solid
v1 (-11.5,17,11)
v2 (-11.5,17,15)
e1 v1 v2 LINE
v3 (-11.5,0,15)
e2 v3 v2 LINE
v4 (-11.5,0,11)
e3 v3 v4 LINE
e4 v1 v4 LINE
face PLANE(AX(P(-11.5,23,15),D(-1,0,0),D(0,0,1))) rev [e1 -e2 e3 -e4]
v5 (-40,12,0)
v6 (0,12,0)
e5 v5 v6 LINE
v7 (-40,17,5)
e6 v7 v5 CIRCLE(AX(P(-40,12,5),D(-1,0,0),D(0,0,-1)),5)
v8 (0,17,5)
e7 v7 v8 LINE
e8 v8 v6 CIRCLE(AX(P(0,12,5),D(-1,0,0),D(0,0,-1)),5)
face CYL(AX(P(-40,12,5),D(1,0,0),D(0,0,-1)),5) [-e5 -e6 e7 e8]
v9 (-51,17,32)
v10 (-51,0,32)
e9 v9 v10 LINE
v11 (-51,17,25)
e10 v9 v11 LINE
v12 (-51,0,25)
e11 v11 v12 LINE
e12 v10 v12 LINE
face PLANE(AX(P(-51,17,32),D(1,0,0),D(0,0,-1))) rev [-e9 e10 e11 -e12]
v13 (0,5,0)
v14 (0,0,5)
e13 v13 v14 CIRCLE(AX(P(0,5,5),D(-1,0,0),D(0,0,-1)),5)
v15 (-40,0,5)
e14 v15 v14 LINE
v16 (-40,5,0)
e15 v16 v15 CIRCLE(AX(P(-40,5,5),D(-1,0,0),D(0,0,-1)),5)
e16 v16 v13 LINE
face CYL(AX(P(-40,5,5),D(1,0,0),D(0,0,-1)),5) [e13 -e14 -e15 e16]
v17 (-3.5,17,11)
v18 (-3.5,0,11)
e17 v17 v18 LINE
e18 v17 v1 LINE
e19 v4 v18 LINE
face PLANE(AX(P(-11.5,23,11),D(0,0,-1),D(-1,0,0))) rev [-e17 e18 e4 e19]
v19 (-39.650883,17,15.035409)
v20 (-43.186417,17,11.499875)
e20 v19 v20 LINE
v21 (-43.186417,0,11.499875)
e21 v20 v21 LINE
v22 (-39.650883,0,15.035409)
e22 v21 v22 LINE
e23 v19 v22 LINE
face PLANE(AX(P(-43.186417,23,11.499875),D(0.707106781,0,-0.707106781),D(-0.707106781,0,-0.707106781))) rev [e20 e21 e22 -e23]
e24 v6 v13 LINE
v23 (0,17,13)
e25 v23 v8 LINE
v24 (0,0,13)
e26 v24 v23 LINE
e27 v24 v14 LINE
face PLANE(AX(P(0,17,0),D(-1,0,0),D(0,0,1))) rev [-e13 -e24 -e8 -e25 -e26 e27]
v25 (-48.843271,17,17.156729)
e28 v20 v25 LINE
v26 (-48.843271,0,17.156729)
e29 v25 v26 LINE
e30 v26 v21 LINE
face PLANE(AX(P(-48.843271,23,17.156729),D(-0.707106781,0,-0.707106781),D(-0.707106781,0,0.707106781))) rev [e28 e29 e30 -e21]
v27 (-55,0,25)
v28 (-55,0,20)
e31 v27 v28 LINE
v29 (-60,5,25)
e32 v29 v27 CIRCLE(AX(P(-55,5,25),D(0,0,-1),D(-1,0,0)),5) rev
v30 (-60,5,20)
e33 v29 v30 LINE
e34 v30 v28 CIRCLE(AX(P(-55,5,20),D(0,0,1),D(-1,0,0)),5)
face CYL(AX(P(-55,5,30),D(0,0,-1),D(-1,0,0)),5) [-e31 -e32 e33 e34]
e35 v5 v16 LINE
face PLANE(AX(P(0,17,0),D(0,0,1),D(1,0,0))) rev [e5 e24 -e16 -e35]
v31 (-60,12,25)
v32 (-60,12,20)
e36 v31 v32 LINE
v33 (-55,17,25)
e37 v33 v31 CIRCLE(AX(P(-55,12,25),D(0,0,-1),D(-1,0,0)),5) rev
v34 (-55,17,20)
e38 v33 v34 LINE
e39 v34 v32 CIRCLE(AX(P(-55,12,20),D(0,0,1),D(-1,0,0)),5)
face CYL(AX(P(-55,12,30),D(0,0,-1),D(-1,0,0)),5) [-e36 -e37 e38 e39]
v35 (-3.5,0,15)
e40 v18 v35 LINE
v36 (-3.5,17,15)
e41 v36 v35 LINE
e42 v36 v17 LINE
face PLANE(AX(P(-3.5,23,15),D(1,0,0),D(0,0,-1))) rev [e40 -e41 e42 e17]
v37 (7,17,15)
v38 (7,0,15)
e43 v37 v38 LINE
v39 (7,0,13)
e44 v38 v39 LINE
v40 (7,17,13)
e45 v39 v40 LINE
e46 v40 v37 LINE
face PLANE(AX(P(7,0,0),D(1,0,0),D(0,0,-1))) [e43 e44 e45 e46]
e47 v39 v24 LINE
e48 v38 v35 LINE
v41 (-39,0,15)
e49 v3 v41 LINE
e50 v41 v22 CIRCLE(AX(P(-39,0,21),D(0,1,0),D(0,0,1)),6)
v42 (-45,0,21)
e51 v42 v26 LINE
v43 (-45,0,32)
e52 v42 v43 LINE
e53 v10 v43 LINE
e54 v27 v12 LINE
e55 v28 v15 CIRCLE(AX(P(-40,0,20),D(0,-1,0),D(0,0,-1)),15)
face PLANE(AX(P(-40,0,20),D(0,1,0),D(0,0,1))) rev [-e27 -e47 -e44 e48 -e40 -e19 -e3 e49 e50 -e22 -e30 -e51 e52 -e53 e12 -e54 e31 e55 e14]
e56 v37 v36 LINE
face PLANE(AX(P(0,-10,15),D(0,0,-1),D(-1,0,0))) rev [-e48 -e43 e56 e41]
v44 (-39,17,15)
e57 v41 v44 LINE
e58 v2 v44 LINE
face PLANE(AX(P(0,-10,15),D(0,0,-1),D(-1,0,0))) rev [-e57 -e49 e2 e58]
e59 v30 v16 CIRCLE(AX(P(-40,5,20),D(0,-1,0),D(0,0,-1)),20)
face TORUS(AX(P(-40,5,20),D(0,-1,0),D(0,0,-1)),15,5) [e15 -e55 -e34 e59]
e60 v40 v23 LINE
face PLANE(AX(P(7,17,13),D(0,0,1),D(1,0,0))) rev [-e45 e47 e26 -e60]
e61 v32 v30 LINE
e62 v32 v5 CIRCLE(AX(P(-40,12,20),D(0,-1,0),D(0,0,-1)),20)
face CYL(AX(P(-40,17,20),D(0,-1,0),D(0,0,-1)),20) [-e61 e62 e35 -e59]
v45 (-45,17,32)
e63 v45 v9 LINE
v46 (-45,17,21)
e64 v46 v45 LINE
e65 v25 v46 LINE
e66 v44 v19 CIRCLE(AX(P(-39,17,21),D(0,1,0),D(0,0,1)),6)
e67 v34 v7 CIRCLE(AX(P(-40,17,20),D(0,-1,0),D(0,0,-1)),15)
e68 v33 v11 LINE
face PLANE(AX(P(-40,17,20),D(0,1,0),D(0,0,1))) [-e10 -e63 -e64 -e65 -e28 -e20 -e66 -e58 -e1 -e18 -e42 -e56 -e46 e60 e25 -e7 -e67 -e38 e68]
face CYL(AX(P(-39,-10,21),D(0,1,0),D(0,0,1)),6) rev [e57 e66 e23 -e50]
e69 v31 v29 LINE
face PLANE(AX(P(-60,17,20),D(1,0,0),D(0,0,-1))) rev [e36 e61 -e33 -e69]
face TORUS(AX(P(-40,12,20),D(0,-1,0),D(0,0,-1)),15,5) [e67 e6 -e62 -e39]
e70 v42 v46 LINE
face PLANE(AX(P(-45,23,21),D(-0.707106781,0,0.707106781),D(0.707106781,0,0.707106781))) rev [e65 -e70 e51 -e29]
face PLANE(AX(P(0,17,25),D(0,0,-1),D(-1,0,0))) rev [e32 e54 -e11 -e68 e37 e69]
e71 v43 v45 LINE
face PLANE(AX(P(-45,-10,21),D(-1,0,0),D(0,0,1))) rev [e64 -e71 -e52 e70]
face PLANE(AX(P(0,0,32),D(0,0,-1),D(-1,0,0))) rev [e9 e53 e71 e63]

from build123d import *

# Parameters (mm, degrees)
SALIENTE_EXTRUIR1_DEPTH  = 17
CORTAR_EXTRUIR3_DEPTH    = 40
CORTAR_REVOLUCI_N1_ANGLE = 90
CORTAR_EXTRUIR4_DEPTH    = 10
CORTAR_EXTRUIR5_DEPTH    = 27
CROQUIS15_W              = 6
CROQUIS15_H              = 17
SALIENTE_EXTRUIR2_DEPTH  = 7
CROQUIS16_W              = 2
CROQUIS16_H              = 17
SALIENTE_EXTRUIR3_DEPTH  = 7
CORTAR_EXTRUIR6_START    = -23
CROQUIS17_W              = 8
CROQUIS17_H              = 4
CORTAR_EXTRUIR6_DEPTH    = 23


with BuildPart() as part:
    # Croquis1 → Saliente-Extruir1 (new body)
    with BuildSketch(Plane(origin=(0, 0, 0), x_dir=(1, 0, 0), z_dir=(0, 1, 0))):
        with BuildLine():
            Line((0, 0), (-40, 0))
            ThreePointArc((-40, 0), (-54.142135624, -5.857864376), (-60, -20))
            Line((-60, -20), (-60, -25))
            Line((-60, -25), (0, -25))
            Line((0, -25), (0, 0))
        make_face()
    extrude(amount=SALIENTE_EXTRUIR1_DEPTH)

    # Croquis8 → Cortar-Extruir3 (cut)
    with BuildSketch(Plane(origin=(0, 0, 0), x_dir=(0, 0, -1), z_dir=(1, 0, 0))):
        with BuildLine():
            Line((-5, 0), (0, 0))
            Line((0, 0), (0, 5))
            ThreePointArc((0, 5), (-1.464466094, 1.464466094), (-5, 0))
        make_face()
        with BuildLine():
            Line((0, 12), (0, 17))
            Line((0, 17), (-5, 17))
            ThreePointArc((-5, 17), (-1.464466094, 15.535533906), (0, 12))
        make_face()
    extrude(amount=-CORTAR_EXTRUIR3_DEPTH, mode=Mode.SUBTRACT)

    # Croquis13 → Cortar-Revolución1 (revolve, cut)
    with BuildSketch(Plane(origin=(-40, 0, 0), x_dir=(0, 0, -1), z_dir=(1, 0, 0))):
        with BuildLine():
            Line((-5, 17), (0, 17))
            Line((0, 17), (0, 12))
            ThreePointArc((0, 12), (-1.464466094, 15.535533906), (-5, 17))
        make_face()
        with BuildLine():
            Line((0, 5), (0, 0))
            Line((0, 0), (-5, 0))
            ThreePointArc((-5, 0), (-1.464466094, 1.464466094), (0, 5))
        make_face()
    revolve(axis=Axis((-40, 22.120784126, 20), (0, 1, 0)), revolution_arc=CORTAR_REVOLUCI_N1_ANGLE, mode=Mode.SUBTRACT)

    # Croquis14 → Cortar-Extruir4 (cut)
    with BuildSketch(Plane(origin=(0, 0, 20), x_dir=(-1, 0, 0), z_dir=(0, 0, -1))):
        with BuildLine():
            Line((55, 17), (60, 17))
            Line((60, 17), (60, 12))
            ThreePointArc((60, 12), (58.535533906, 15.535533906), (55, 17))
        make_face()
        with BuildLine():
            Line((60, 5), (60, 0))
            Line((60, 0), (55, 0))
            ThreePointArc((55, 0), (58.535533906, 1.464466094), (60, 5))
        make_face()
    extrude(amount=-CORTAR_EXTRUIR4_DEPTH, mode=Mode.SUBTRACT)

    # Croquis12 → Cortar-Extruir5 (cut)
    with BuildSketch(Plane(origin=(0, 17, 0), x_dir=(1, 0, 0), z_dir=(0, 1, 0))):
        with BuildLine():
            Line((0, -15), (-39, -15))
            ThreePointArc((-39, -15), (-43.242640687, -16.757359313), (-45, -21))
            Line((-45, -21), (-45, -25))
            Line((-45, -25), (0, -25))
            Line((0, -25), (0, -15))
        make_face()
    extrude(amount=-CORTAR_EXTRUIR5_DEPTH, mode=Mode.SUBTRACT)

    # Croquis15 → Saliente-Extruir2 (add)
    with BuildSketch(Plane.XY.offset(25)):
        with Locations((-48, 8.5)):
            Rectangle(CROQUIS15_W, CROQUIS15_H)
    extrude(amount=SALIENTE_EXTRUIR2_DEPTH)

    # Croquis16 → Saliente-Extruir3 (add)
    with BuildSketch(Plane(origin=(0, 0, 0), x_dir=(0, 0, -1), z_dir=(1, 0, 0))):
        with Locations((-14, 8.5)):
            Rectangle(CROQUIS16_W, CROQUIS16_H)
    extrude(amount=SALIENTE_EXTRUIR3_DEPTH)

    # Croquis17 → Cortar-Extruir6 (cut)
    with BuildSketch(Plane.XZ.offset(CORTAR_EXTRUIR6_START)):
        with Locations((-7.5, 13)):
            Rectangle(CROQUIS17_W, CROQUIS17_H)
        with BuildLine():
            Line((-45, 21), (-48.843271123, 17.156728877))
            Line((-48.843271123, 17.156728877), (-43.186416873, 11.499874628))
            Line((-43.186416873, 11.499874628), (-39.650882968, 15.035408533))
            ThreePointArc((-39.650882968, 15.035408533), (-43.466838804, 16.994085486), (-45, 21))
        make_face()
    extrude(amount=CORTAR_EXTRUIR6_DEPTH, mode=Mode.SUBTRACT)


solid = part.part
